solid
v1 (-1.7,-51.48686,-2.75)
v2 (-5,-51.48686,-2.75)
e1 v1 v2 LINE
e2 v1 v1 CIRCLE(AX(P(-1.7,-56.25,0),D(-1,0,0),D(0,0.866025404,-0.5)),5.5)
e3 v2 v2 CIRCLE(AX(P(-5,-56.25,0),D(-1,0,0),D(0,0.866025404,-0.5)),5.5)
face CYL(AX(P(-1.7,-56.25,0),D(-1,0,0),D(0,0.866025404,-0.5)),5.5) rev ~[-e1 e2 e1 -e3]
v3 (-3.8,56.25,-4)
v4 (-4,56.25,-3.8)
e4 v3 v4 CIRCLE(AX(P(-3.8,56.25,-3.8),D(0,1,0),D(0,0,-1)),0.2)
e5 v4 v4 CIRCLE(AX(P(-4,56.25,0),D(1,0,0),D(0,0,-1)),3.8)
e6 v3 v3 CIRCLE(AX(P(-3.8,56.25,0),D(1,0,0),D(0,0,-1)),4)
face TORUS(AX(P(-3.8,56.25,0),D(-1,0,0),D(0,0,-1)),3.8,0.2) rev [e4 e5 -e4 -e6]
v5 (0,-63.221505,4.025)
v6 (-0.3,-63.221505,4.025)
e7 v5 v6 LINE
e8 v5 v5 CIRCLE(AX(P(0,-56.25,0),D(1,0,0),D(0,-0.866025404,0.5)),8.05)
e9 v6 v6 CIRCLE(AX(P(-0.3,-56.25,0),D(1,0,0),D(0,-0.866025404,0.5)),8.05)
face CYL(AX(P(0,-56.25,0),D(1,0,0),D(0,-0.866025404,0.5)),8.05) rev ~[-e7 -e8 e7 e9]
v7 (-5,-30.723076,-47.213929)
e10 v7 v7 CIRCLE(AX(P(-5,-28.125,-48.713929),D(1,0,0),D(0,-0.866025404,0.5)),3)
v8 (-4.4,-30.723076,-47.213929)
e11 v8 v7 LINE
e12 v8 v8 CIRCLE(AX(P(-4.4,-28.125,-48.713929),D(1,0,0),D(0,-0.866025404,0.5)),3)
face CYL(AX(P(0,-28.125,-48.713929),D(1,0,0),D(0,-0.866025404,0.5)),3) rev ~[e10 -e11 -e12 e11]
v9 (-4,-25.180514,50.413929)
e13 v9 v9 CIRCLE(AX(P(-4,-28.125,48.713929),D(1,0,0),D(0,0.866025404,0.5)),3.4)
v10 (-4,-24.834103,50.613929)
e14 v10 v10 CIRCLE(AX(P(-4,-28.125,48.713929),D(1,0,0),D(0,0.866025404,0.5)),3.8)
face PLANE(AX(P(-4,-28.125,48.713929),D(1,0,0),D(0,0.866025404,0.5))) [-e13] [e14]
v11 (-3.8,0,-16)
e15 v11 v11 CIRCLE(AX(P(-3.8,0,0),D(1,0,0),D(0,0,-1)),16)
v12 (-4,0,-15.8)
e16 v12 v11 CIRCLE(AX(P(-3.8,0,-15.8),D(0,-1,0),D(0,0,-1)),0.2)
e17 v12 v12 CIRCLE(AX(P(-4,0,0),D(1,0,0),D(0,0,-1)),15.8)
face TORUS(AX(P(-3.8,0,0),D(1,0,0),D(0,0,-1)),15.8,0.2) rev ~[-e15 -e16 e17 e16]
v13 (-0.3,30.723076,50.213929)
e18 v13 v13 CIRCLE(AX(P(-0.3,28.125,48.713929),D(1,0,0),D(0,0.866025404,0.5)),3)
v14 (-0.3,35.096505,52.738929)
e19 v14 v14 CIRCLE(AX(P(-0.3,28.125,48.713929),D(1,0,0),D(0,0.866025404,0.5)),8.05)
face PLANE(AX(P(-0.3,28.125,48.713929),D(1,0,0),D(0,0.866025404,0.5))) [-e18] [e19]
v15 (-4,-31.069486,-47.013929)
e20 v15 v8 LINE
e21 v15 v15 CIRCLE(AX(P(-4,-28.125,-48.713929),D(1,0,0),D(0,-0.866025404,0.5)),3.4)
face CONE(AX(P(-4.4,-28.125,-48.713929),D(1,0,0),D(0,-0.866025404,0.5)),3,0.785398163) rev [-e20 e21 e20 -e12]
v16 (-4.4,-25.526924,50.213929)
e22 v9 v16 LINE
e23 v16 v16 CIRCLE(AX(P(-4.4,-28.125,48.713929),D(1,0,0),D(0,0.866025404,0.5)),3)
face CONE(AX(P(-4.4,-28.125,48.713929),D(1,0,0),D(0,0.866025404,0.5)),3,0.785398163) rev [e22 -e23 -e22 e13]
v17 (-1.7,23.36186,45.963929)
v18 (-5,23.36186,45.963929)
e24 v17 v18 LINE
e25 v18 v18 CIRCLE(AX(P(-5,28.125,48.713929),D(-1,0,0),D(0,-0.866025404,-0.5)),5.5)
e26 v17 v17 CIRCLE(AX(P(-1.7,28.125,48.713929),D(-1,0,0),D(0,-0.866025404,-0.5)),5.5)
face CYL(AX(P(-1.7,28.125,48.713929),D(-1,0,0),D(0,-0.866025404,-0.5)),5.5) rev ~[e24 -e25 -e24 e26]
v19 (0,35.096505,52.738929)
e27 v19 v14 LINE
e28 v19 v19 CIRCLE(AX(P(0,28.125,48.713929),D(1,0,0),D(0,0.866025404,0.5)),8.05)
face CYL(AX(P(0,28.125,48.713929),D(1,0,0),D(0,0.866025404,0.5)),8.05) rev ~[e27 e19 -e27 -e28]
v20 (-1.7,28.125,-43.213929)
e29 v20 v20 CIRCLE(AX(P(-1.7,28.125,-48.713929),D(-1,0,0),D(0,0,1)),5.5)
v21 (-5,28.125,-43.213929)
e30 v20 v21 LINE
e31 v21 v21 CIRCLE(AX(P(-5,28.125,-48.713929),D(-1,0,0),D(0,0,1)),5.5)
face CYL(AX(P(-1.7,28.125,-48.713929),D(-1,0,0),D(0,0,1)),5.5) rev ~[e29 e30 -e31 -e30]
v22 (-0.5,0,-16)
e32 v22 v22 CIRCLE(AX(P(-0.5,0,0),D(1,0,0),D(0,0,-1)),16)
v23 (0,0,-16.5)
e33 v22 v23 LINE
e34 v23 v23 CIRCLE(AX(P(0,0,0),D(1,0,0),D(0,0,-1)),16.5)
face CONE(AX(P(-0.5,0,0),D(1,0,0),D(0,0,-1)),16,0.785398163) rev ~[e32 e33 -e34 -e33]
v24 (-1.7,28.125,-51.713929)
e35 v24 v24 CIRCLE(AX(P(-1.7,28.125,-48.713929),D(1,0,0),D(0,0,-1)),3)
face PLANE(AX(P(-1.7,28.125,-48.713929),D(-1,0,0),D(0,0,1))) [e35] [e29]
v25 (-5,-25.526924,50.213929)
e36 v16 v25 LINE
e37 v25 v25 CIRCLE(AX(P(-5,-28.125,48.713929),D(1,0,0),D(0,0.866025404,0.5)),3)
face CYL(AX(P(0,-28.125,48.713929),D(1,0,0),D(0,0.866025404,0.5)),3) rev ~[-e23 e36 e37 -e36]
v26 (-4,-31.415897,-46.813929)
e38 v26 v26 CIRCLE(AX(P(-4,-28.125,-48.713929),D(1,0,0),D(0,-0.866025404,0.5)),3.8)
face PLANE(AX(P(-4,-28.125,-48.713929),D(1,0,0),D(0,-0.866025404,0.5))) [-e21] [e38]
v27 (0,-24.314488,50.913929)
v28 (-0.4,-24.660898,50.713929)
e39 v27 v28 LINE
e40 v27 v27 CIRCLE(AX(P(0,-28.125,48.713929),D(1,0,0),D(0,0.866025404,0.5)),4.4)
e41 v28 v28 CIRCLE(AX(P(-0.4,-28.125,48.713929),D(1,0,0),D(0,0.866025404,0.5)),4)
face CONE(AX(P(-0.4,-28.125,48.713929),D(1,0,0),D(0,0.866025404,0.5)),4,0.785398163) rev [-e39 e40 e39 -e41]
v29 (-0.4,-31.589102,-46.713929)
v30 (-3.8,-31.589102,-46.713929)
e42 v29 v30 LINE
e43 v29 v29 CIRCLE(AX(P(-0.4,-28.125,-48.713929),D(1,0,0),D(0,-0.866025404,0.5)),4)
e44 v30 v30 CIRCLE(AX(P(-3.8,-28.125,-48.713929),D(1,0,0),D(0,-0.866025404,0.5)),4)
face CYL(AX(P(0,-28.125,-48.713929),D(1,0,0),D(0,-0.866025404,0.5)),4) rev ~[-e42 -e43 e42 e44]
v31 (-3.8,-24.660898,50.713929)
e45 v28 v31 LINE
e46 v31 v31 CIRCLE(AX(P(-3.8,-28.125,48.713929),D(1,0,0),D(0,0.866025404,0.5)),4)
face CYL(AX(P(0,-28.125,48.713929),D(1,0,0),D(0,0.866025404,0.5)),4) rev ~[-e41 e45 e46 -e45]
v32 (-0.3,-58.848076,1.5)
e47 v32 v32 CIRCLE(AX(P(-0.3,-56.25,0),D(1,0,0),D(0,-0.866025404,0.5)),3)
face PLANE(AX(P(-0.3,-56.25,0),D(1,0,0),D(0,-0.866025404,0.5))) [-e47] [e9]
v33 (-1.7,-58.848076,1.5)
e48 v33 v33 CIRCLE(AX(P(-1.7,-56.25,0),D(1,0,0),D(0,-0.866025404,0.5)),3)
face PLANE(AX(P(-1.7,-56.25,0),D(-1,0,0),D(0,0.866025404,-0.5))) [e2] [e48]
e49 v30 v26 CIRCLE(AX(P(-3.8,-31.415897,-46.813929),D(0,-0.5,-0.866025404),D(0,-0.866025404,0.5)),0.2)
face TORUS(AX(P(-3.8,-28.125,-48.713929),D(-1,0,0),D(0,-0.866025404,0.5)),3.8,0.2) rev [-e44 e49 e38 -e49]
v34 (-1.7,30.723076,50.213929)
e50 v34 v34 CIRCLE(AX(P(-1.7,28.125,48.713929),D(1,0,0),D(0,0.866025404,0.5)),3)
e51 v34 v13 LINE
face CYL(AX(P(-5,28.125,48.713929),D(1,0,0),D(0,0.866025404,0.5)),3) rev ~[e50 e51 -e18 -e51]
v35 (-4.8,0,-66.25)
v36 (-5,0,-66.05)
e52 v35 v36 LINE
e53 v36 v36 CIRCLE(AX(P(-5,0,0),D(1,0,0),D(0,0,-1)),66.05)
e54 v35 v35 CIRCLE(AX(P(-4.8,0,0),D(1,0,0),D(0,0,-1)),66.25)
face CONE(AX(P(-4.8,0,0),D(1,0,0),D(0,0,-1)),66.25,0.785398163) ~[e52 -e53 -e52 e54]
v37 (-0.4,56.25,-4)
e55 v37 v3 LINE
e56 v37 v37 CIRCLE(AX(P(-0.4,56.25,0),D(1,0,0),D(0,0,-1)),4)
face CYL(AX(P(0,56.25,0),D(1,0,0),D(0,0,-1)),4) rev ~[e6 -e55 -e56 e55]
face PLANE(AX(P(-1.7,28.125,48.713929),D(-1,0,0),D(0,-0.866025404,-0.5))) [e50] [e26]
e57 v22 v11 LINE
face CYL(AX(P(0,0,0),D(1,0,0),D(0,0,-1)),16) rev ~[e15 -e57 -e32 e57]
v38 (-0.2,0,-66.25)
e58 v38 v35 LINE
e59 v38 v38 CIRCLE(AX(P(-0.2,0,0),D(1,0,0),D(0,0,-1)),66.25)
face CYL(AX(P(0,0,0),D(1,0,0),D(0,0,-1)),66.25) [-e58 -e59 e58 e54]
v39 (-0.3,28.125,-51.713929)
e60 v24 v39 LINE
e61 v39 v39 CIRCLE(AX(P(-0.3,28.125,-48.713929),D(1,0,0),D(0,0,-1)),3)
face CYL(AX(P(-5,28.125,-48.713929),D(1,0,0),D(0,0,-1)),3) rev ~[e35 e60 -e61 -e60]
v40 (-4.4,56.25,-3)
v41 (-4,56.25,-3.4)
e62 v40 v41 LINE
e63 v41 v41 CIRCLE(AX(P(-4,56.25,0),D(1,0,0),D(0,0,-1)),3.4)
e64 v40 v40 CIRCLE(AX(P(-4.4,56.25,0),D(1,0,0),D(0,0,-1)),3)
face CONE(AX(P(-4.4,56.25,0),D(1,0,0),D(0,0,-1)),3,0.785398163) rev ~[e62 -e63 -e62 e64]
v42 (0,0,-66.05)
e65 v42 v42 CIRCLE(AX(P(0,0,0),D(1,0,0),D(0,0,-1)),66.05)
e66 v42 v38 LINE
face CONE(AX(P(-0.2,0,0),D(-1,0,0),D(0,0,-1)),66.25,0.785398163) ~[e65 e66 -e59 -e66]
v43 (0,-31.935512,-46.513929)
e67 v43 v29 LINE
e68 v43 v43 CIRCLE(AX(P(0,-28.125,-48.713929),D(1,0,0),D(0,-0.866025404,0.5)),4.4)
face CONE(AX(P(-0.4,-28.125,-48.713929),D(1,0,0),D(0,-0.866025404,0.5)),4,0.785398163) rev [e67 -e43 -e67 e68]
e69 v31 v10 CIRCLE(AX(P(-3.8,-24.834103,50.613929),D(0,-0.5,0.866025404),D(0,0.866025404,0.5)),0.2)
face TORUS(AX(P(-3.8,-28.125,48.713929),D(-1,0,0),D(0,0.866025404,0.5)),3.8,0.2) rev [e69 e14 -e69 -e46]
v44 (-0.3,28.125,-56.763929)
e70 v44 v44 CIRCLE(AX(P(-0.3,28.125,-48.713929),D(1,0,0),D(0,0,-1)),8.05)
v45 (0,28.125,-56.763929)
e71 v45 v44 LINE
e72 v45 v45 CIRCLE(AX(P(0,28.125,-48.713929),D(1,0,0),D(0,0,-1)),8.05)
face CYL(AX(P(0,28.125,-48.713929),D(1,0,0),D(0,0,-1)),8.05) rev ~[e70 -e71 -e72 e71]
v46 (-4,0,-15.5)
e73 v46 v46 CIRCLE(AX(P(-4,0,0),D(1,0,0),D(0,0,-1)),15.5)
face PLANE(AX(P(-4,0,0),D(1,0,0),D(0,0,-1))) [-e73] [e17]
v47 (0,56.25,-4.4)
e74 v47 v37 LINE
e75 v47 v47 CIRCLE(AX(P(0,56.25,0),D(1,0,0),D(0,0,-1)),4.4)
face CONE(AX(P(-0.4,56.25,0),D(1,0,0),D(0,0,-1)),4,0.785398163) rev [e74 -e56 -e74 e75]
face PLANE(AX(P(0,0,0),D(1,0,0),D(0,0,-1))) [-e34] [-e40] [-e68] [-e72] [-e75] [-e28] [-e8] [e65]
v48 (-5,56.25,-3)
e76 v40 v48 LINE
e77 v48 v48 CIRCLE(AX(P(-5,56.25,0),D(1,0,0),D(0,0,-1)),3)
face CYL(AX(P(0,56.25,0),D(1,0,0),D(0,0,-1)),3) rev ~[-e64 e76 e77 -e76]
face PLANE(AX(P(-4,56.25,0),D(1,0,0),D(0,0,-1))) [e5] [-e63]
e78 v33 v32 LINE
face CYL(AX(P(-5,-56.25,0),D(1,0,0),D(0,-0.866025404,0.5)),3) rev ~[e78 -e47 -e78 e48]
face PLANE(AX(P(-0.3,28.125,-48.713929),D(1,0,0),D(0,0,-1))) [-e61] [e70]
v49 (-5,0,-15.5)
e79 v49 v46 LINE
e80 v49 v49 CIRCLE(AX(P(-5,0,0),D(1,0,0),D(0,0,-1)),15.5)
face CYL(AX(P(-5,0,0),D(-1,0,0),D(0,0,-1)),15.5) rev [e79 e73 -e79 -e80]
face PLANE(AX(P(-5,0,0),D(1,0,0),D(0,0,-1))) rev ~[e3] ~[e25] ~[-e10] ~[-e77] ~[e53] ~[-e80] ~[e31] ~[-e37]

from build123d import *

# Parameters (mm, degrees)
SKETCH2_R                       = 66.25
SKETCH2_R_2                     = 16
BOSS_EXTRUDE1_DEPTH             = 5
SKETCH4_R                       = 3
CUT_EXTRUDE1_DEPTH              = 5
SKETCH4_3_R                     = 4
SKETCH4_3_R_2                   = 3
CUT_EXTRUDE2_DEPTH              = 4
CHAMFER1_SIZE                   = 0.4
FILLET3_R                       = 0.2
SKETCH5_R                       = 8.05
CUT_EXTRUDE3_DEPTH              = 0.3
CBORE_FOR_M6_SBHCS1_D           = 6
CBORE_FOR_M6_SBHCS1_CBORE_D     = 11
CBORE_FOR_M6_SBHCS1_CBORE_DEPTH = 3.3
CIRPATTERN1_COUNT               = 3
CHAMFER1_OF_CIRPATTERN1_SIZE    = 0.4
FILLET3_OF_CIRPATTERN1_R        = 0.2
BOSS_EXTRUDE2_START             = -5
SKETCH8_R                       = 16
SKETCH8_R_2                     = 15.5
BOSS_EXTRUDE2_DEPTH             = 1
FILLET2_R                       = 0.2
CHAMFER2_SIZE                   = 0.5
CHAMFER3_SIZE                   = 0.2


with BuildPart() as part:
    # Sketch2 → Boss-Extrude1 (new body)
    with BuildSketch(Plane(origin=(0, 0, 0), x_dir=(0, 0, -1), z_dir=(1, 0, 0))):
        Circle(SKETCH2_R)
        Circle(SKETCH2_R_2, mode=Mode.SUBTRACT)
    extrude(amount=-BOSS_EXTRUDE1_DEPTH)

    # Sketch4 → Cut-Extrude1 (cut)
    with BuildSketch(Plane(origin=(0, 0, 0), x_dir=(0, 0, -1), z_dir=(1, 0, 0))):
        with Locations((0, 56.25)):
            Circle(SKETCH4_R)
    cut_extrude1 = extrude(amount=-CUT_EXTRUDE1_DEPTH, mode=Mode.SUBTRACT)

    # Sketch4<3> → Cut-Extrude2 (cut)
    with BuildSketch(Plane(origin=(0, 0, 0), x_dir=(0, 0, -1), z_dir=(1, 0, 0))):
        with Locations((0, 56.25)):
            Circle(SKETCH4_3_R)
        with Locations((0, 56.25)):
            Circle(SKETCH4_3_R_2, mode=Mode.SUBTRACT)
    cut_extrude2 = extrude(amount=-CUT_EXTRUDE2_DEPTH, mode=Mode.SUBTRACT)

    # Chamfer1
    chamfer1_edges = [part.edges().sort_by_distance(p)[0] for p in [
        (0, 56.25, 4),
        (-4, 56.25, 3),
    ]]
    chamfer(chamfer1_edges, length=CHAMFER1_SIZE)

    # Fillet3
    fillet3_edges = [part.edges().sort_by_distance(p)[0] for p in [
        (-4, 56.25, 4),
    ]]
    fillet(fillet3_edges, radius=FILLET3_R)

    # Sketch5 → Cut-Extrude3 (cut)
    with BuildSketch(Plane(origin=(0, 0, 0), x_dir=(0, 0, -1), z_dir=(1, 0, 0))):
        with Locations((48.713928963, 28.125)):
            Circle(SKETCH5_R)
    cut_extrude3 = extrude(amount=-CUT_EXTRUDE3_DEPTH, mode=Mode.SUBTRACT)

    # CBORE for M6 SBHCS1 (through all)
    with Locations(Plane.ZY.offset(5)):
        with Locations((-48.713928963, 28.125)):
            cbore_for_m6_sbhcs1 = CounterBoreHole(CBORE_FOR_M6_SBHCS1_D / 2, CBORE_FOR_M6_SBHCS1_CBORE_D / 2, CBORE_FOR_M6_SBHCS1_CBORE_DEPTH)

    # CirPattern1: Cut-Extrude1, Cut-Extrude2, Cut-Extrude3, CBORE for M6 SBHCS1 ×3 about axis
    cirpattern1_axis = Axis((0, 0, 0), (1, 0, 0))
    for i in range(1, CIRPATTERN1_COUNT):
        add(cut_extrude1.rotate(cirpattern1_axis, i * 360 / CIRPATTERN1_COUNT), mode=Mode.SUBTRACT)
        add(cut_extrude2.rotate(cirpattern1_axis, i * 360 / CIRPATTERN1_COUNT), mode=Mode.SUBTRACT)
        add(cut_extrude3.rotate(cirpattern1_axis, i * 360 / CIRPATTERN1_COUNT), mode=Mode.SUBTRACT)
        add(cbore_for_m6_sbhcs1.rotate(cirpattern1_axis, i * 360 / CIRPATTERN1_COUNT), mode=Mode.SUBTRACT)

    # Chamfer1 of CirPattern1
    chamfer1_of_cirpattern1_edges = [part.edges().sort_by_distance(p)[0] for p in [
        (0, -31.589101615, 46.713928963),
        (-4, -30.723076211, 47.213928963),
        (0, -24.660898385, -50.713928963),
        (-4, -25.526923789, -50.213928963),
    ]]
    chamfer(chamfer1_of_cirpattern1_edges, length=CHAMFER1_OF_CIRPATTERN1_SIZE)

    # Fillet3 of CirPattern1
    fillet3_of_cirpattern1_edges = [part.edges().sort_by_distance(p)[0] for p in [
        (-4, -31.589101615, 46.713928963),
        (-4, -24.660898385, -50.713928963),
    ]]
    fillet(fillet3_of_cirpattern1_edges, radius=FILLET3_OF_CIRPATTERN1_R)

    # Sketch8 → Boss-Extrude2 (add)
    with BuildSketch(Plane(origin=(0, 0, 0), x_dir=(0, 0, -1), z_dir=(1, 0, 0)).offset(BOSS_EXTRUDE2_START)):
        Circle(SKETCH8_R)
        Circle(SKETCH8_R_2, mode=Mode.SUBTRACT)
    extrude(amount=BOSS_EXTRUDE2_DEPTH)

    # Fillet2
    fillet2_edges = [part.edges().sort_by_distance(p)[0] for p in [
        (-4, 0, 16),
    ]]
    fillet(fillet2_edges, radius=FILLET2_R)

    # Chamfer2
    chamfer2_edges = [part.edges().sort_by_distance(p)[0] for p in [
        (0, 0, 16),
    ]]
    chamfer(chamfer2_edges, length=CHAMFER2_SIZE)

    # Chamfer3
    chamfer3_edges = [part.edges().sort_by_distance(p)[0] for p in [
        (0, 0, 66.25),
        (-5, 0, 66.25),
    ]]
    chamfer(chamfer3_edges, length=CHAMFER3_SIZE)


solid = part.part
